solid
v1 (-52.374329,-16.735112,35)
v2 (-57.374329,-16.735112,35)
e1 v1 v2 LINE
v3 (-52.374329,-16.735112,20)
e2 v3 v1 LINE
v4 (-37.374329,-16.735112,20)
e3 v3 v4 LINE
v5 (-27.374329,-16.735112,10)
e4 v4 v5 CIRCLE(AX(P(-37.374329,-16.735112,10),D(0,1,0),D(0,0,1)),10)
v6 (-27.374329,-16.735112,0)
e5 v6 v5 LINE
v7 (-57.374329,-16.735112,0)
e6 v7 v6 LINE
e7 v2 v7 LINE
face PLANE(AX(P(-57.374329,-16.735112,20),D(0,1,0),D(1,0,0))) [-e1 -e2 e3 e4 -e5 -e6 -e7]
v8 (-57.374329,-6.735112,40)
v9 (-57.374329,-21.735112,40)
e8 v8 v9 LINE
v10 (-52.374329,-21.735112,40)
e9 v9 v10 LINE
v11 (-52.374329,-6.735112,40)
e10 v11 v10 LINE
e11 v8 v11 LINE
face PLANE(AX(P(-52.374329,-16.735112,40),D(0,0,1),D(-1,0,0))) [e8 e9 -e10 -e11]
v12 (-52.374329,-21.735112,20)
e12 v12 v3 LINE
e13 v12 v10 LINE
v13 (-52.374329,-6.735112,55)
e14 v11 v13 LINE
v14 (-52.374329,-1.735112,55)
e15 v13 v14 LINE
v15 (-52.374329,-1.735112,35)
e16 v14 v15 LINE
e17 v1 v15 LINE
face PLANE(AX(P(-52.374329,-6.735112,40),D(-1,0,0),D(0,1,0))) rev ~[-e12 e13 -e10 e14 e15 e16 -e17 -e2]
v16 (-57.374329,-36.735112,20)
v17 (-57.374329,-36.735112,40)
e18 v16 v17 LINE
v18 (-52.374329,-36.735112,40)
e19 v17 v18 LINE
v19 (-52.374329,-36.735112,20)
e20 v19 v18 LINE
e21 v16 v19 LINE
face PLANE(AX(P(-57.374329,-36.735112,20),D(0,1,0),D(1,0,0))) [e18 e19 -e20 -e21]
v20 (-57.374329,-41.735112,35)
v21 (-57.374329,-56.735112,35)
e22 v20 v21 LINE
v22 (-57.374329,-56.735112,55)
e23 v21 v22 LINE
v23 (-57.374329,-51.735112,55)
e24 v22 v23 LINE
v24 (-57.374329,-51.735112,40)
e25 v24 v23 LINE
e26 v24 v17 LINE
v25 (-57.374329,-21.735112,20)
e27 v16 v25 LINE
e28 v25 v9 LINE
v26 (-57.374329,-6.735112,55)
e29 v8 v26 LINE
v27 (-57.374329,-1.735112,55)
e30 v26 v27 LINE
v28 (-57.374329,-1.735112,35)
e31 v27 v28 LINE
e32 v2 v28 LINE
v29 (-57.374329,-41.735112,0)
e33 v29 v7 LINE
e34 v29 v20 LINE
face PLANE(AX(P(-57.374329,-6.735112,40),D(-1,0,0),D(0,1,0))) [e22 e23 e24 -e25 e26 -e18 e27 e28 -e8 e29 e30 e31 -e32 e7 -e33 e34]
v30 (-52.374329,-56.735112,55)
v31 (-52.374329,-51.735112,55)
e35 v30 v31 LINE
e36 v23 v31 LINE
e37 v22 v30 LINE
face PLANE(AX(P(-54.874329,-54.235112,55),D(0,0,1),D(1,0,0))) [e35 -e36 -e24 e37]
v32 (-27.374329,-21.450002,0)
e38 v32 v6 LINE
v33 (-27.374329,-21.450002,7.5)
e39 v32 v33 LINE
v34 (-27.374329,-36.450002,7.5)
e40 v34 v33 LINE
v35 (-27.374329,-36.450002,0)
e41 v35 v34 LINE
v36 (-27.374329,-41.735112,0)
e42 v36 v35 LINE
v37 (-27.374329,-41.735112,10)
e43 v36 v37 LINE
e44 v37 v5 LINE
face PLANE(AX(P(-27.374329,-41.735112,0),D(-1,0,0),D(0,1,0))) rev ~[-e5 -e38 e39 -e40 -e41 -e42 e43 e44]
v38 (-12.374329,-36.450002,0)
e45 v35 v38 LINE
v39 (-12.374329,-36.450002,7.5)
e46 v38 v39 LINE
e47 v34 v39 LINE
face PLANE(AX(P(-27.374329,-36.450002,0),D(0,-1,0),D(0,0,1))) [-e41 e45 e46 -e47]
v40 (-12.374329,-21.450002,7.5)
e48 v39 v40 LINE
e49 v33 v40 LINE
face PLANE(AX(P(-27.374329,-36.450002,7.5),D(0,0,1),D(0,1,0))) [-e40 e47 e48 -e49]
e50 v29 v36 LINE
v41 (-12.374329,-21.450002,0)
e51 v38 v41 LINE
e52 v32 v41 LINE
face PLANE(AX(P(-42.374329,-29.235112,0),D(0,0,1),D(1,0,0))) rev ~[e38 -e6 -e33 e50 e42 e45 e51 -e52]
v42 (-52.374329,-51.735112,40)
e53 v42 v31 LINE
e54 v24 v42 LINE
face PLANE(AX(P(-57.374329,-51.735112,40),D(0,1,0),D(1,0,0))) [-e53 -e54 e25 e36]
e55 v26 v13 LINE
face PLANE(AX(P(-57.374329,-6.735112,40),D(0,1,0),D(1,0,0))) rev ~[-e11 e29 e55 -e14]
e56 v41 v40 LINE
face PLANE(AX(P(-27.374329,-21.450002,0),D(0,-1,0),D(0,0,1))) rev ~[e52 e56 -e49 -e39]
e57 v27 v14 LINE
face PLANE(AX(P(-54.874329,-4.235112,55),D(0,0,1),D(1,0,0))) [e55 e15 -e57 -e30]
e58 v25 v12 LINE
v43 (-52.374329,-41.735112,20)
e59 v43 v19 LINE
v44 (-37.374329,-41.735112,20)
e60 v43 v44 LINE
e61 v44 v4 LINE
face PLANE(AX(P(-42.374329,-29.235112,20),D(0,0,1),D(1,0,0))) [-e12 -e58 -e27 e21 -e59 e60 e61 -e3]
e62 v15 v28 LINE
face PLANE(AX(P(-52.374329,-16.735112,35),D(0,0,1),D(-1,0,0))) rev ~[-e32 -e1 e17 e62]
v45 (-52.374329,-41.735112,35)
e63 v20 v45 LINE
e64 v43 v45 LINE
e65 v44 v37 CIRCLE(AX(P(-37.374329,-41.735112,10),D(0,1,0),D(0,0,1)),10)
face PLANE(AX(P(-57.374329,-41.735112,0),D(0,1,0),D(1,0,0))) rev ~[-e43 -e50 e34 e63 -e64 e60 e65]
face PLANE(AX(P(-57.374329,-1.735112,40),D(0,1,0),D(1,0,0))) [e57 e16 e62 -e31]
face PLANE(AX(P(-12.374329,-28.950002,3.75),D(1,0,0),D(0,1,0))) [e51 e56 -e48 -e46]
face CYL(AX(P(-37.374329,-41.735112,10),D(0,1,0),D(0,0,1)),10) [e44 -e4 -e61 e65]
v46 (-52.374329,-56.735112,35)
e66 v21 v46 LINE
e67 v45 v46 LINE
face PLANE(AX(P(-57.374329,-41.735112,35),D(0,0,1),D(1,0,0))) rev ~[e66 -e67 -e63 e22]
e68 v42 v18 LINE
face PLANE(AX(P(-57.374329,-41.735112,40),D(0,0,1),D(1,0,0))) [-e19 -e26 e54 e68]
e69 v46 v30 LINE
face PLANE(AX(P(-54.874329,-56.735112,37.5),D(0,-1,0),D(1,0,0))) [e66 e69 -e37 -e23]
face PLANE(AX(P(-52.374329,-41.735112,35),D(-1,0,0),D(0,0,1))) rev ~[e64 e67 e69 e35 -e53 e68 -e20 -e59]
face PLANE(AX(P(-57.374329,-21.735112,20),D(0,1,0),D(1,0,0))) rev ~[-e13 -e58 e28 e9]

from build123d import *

# Parameters (mm, degrees)
F0_W      = 30
F0_H      = 25
F1_DEPTH  = 20
F2_W      = 15
F2_H      = 7.5
F3_DEPTH  = 15
F4_W      = 5
F4_H      = 5
F5_DEPTH  = 20
F6_W      = 5
F6_H      = 5
F7_DEPTH  = 15
F8_W      = 5
F8_H      = 5
F9_DEPTH  = 15
F10_W     = 5
F10_H     = 5
F11_W     = 5
F11_H     = 5
F12_DEPTH = 15
F13_R     = 10


with BuildPart() as f1:
    # F0 (on Top) → F1 (new body)
    with BuildSketch(Plane.XY):
        with Locations((-42.374329, -29.235112)):
            Rectangle(F0_W, F0_H)
    extrude(amount=F1_DEPTH)

    # F2 (on face) → F3 (join)
    with BuildSketch(Plane.YZ.offset(-27.374329)):
        with Locations((-28.950002, 3.75)):
            Rectangle(F2_W, F2_H)
    extrude(amount=F3_DEPTH)

    # F4 (on face) → F5 (join)
    with BuildSketch(Plane.XY.offset(20)):
        with Locations((-54.874329, -19.235112)):
            Rectangle(F4_W, F4_H)
        with Locations((-54.874329, -39.235112)):
            Rectangle(F4_W, F4_H)
    extrude(amount=F5_DEPTH)

    # F6 (on face) → F7 (join)
    with BuildSketch(Plane(origin=(0, -16.735112, 0), x_dir=(-1, 0, 0), z_dir=(0, 1, 0))):
        with Locations((54.874329, 37.5)):
            Rectangle(F6_W, F6_H)
    extrude(amount=F7_DEPTH)

    # F8 (on face) → F9 (join)
    with BuildSketch(Plane.XZ.offset(41.735112)):
        with Locations((-54.874329, 37.5)):
            Rectangle(F8_W, F8_H)
    extrude(amount=F9_DEPTH)

    # F10 (on face) + F11 (on face) → F12 (join)
    with BuildSketch(Plane.XY.offset(40)):
        with Locations((-54.874329, -4.235112)):
            Rectangle(F10_W, F10_H)
    with BuildSketch(Plane.XY.offset(40)):
        with Locations((-54.874329, -54.235112)):
            Rectangle(F11_W, F11_H)
    extrude(amount=F12_DEPTH)

    # F13
    f13_edges = [f1.edges().sort_by_distance(p)[0] for p in [
        (-27.374329, -29.235112, 20),
    ]]
    fillet(f13_edges, radius=F13_R)


solid = f1.part
